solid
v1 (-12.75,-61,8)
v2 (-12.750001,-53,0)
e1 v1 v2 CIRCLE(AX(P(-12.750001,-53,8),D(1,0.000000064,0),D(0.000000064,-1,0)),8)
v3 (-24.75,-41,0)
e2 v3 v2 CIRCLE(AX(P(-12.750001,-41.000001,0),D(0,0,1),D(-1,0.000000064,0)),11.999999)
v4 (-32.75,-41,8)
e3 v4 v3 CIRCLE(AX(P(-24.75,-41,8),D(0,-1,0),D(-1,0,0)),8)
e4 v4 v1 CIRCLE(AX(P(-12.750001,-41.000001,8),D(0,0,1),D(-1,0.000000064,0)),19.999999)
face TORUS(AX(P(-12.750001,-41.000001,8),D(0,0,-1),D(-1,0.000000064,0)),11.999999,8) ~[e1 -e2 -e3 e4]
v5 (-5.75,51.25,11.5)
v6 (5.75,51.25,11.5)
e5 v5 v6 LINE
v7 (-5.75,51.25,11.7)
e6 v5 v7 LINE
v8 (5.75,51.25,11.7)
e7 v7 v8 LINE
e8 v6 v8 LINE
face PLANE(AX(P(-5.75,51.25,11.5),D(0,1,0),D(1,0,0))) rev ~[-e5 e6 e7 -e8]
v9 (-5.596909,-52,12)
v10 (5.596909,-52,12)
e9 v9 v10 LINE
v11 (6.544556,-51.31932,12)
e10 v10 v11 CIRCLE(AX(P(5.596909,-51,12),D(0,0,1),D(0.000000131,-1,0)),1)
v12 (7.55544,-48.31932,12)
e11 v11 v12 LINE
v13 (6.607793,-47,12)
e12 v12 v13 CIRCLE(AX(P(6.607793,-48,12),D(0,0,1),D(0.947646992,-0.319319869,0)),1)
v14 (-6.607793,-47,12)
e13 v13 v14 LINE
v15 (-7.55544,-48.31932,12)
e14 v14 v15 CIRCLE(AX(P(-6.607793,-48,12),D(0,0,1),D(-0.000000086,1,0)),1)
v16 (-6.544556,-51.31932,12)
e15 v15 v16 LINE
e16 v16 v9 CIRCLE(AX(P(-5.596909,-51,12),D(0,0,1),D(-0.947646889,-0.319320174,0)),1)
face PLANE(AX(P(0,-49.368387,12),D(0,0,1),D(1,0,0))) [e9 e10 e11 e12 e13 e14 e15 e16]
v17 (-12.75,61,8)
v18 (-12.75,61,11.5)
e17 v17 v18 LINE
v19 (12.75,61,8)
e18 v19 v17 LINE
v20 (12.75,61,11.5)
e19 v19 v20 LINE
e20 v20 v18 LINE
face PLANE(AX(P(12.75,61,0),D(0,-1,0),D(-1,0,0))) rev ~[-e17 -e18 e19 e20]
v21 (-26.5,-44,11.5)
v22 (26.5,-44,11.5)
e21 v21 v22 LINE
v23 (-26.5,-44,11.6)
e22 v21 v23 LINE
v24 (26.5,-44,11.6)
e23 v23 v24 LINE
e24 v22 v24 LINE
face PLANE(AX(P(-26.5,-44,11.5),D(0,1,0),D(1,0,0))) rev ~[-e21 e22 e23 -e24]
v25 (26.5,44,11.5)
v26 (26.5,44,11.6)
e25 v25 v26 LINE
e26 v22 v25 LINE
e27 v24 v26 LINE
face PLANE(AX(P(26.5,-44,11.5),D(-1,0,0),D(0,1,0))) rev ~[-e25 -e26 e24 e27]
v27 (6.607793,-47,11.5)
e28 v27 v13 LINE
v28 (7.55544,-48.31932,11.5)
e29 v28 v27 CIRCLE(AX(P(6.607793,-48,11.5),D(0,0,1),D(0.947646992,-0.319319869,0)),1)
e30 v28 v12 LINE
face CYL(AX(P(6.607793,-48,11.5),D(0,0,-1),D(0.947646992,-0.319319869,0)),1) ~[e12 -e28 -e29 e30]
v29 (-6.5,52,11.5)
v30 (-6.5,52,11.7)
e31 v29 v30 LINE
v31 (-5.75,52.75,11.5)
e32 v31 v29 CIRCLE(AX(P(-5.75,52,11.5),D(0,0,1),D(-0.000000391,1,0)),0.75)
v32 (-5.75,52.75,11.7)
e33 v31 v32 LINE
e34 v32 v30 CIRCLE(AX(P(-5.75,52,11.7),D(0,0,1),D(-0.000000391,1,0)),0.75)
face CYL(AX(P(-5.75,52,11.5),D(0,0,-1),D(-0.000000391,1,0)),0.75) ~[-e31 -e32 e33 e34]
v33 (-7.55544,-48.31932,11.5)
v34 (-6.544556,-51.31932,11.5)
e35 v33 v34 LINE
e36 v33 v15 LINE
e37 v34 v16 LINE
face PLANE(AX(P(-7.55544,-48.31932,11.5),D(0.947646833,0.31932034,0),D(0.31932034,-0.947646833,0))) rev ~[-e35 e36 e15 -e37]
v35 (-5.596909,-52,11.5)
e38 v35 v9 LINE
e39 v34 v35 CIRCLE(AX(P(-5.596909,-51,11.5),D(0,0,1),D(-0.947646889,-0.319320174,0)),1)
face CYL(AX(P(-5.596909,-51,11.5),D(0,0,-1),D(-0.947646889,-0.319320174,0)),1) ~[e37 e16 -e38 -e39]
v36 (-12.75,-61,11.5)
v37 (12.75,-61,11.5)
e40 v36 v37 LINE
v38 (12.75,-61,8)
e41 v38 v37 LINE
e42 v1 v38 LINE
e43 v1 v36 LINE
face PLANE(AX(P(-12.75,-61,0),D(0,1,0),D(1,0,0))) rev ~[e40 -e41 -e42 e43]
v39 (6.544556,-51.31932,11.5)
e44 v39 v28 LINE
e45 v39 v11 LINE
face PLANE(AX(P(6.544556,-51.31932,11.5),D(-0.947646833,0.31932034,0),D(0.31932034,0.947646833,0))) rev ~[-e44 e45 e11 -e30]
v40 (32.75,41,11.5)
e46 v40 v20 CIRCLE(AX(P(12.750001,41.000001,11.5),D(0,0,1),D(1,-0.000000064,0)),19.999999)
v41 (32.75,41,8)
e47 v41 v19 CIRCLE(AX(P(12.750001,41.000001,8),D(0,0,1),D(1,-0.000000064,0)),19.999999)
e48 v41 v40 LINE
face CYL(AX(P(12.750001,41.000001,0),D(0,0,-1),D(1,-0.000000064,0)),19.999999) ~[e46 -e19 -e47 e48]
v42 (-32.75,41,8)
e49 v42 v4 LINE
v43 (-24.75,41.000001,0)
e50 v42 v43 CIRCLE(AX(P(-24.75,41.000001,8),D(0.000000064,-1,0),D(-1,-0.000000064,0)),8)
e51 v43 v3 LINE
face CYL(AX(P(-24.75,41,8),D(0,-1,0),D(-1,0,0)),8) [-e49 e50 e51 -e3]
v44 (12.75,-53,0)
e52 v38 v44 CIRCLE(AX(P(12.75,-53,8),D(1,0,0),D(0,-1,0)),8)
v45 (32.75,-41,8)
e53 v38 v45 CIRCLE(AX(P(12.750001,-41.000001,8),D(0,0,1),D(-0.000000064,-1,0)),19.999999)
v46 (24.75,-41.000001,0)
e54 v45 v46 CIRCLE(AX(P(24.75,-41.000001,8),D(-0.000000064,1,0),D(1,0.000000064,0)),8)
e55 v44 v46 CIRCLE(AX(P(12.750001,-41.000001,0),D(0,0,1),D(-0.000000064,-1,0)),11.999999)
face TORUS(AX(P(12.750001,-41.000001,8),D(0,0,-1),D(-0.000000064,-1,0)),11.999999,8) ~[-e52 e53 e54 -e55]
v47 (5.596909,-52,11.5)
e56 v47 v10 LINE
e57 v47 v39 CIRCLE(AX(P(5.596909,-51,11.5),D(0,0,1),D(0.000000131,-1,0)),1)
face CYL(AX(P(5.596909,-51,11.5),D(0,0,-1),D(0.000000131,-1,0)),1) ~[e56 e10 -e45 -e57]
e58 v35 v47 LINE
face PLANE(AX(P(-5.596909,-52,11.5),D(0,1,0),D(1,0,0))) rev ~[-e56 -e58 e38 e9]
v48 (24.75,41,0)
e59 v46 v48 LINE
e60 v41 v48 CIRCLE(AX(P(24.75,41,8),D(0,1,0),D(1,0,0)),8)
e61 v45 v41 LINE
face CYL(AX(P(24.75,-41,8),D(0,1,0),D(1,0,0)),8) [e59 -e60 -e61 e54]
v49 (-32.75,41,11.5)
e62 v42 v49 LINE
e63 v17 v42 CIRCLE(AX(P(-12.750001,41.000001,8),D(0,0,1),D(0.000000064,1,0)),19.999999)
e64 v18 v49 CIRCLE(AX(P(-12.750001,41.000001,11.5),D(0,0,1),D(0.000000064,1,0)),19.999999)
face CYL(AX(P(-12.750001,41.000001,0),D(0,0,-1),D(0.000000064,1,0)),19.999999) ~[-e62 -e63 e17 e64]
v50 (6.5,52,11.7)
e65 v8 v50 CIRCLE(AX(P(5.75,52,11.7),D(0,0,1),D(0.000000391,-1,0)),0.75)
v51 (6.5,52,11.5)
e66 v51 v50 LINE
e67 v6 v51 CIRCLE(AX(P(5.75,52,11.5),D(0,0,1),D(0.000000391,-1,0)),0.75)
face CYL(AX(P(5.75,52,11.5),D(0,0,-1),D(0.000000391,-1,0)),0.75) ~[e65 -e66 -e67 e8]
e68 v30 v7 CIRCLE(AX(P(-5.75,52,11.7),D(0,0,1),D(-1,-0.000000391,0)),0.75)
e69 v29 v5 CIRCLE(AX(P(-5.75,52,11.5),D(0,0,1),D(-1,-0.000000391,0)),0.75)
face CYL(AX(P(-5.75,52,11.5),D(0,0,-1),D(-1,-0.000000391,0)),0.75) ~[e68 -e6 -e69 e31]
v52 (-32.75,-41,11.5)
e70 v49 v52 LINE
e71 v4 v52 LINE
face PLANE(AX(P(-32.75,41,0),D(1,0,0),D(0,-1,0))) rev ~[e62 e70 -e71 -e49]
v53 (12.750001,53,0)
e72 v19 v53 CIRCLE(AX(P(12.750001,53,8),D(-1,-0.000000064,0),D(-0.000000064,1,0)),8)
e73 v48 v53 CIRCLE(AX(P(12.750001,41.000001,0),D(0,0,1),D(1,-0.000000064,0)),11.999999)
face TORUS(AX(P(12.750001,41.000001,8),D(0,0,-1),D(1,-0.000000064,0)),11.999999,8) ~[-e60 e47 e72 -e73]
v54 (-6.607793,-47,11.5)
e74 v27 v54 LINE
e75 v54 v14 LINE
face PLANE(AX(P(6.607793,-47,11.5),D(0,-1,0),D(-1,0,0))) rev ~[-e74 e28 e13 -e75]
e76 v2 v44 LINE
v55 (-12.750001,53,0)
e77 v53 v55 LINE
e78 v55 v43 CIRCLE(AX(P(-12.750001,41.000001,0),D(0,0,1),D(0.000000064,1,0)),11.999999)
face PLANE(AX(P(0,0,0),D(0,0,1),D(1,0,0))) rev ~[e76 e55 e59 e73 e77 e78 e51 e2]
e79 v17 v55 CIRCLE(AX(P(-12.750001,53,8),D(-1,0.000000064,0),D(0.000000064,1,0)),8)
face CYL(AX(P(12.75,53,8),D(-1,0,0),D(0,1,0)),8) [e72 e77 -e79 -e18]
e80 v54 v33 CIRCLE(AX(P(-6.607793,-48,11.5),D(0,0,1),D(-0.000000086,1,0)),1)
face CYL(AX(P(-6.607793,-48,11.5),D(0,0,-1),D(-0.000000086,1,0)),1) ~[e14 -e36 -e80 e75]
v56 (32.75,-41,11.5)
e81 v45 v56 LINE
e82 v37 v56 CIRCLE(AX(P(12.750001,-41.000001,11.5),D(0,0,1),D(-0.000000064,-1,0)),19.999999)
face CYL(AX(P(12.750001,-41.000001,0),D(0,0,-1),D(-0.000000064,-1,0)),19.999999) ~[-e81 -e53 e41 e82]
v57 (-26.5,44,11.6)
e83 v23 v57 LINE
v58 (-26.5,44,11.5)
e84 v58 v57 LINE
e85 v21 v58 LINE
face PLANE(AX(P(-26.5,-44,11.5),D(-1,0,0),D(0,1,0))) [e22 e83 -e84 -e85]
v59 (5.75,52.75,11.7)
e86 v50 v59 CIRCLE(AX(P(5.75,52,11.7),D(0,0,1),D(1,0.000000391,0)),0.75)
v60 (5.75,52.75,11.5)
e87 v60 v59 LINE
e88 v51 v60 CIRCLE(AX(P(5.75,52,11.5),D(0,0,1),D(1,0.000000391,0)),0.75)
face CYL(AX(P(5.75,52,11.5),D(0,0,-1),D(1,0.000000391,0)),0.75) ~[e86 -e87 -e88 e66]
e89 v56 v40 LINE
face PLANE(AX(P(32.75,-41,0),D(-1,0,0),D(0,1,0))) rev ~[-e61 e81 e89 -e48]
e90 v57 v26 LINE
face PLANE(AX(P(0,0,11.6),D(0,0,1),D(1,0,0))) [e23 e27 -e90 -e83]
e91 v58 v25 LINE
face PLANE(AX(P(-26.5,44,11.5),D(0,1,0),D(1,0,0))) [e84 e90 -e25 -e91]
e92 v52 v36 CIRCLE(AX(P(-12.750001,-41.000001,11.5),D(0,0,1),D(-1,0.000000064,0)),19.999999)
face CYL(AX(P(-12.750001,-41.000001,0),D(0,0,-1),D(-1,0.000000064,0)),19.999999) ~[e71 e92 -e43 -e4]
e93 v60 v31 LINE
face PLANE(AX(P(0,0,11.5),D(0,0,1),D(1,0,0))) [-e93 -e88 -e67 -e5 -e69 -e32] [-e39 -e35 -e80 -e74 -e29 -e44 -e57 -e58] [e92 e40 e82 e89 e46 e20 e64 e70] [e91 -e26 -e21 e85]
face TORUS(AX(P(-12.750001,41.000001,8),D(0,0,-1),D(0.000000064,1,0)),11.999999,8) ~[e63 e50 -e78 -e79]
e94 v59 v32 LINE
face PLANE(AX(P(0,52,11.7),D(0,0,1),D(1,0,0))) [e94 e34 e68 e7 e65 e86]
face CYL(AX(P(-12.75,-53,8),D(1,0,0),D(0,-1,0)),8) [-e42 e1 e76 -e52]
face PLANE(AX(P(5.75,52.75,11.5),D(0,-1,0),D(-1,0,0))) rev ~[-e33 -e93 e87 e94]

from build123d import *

# Parameters (mm, degrees)
F1_DEPTH = 11.5
F2_R     = 8
F4_DEPTH = 0.5
F5_W     = 53
F5_H     = 88
F6_DEPTH = 0.1
F8_DEPTH = 0.2


with BuildPart() as f1:
    # F0 (on Top) → F1 (new body)
    with BuildSketch(Plane.XY):
        with BuildLine():
            ThreePointArc((32.75, 41), (26.892136, 55.142136), (12.75, 61))
            Line((12.75, 61), (-12.75, 61))
            ThreePointArc((-12.75, 61), (-26.892136, 55.142136), (-32.75, 41))
            Line((-32.75, 41), (-32.75, -41))
            ThreePointArc((-32.75, -41), (-26.892136, -55.142136), (-12.75, -61))
            Line((-12.75, -61), (12.75, -61))
            ThreePointArc((12.75, -61), (26.892136, -55.142136), (32.75, -41))
            Line((32.75, -41), (32.75, 41))
        make_face()
    extrude(amount=F1_DEPTH)

    # F2
    f2_edges = [f1.edges().sort_by_distance(p)[0] for p in [
        (-26.892136, 55.142136, 0),
    ]]
    fillet(f2_edges, radius=F2_R)

    # F3 (on face) → F4 (join)
    with BuildSketch(Plane.XY.offset(11.5)):
        with BuildLine():
            Line((0, -47), (-6.607793, -47))
            ThreePointArc((-6.607793, -47), (-7.419988, -47.416614), (-7.55544, -48.31932))
            Line((-7.55544, -48.31932), (-6.544556, -51.31932))
            ThreePointArc((-6.544556, -51.31932), (-6.180295, -51.812195), (-5.596909, -52))
            Line((-5.596909, -52), (0, -52))
            Line((0, -52), (5.596909, -52))
            ThreePointArc((5.596909, -52), (6.180295, -51.812195), (6.544556, -51.31932))
            Line((6.544556, -51.31932), (7.55544, -48.31932))
            ThreePointArc((7.55544, -48.31932), (7.419988, -47.416614), (6.607793, -47))
            Line((6.607793, -47), (0, -47))
        make_face()
    extrude(amount=F4_DEPTH)

    # F5 (on face) → F6 (join)
    with BuildSketch(Plane.XY.offset(11.5)):
        Rectangle(F5_W, F5_H)
    extrude(amount=F6_DEPTH)

    # F7 (on face) → F8 (join)
    with BuildSketch(Plane.XY.offset(11.5)):
        with BuildLine():
            Line((-5.75, 51.25), (5.75, 51.25))
            ThreePointArc((5.75, 51.25), (6.28033, 51.46967), (6.5, 52))
            ThreePointArc((6.5, 52), (6.28033, 52.53033), (5.75, 52.75))
            Line((5.75, 52.75), (-5.75, 52.75))
            ThreePointArc((-5.75, 52.75), (-6.28033, 52.53033), (-6.5, 52))
            ThreePointArc((-6.5, 52), (-6.28033, 51.46967), (-5.75, 51.25))
        make_face()
    extrude(amount=F8_DEPTH)


solid = f1.part
